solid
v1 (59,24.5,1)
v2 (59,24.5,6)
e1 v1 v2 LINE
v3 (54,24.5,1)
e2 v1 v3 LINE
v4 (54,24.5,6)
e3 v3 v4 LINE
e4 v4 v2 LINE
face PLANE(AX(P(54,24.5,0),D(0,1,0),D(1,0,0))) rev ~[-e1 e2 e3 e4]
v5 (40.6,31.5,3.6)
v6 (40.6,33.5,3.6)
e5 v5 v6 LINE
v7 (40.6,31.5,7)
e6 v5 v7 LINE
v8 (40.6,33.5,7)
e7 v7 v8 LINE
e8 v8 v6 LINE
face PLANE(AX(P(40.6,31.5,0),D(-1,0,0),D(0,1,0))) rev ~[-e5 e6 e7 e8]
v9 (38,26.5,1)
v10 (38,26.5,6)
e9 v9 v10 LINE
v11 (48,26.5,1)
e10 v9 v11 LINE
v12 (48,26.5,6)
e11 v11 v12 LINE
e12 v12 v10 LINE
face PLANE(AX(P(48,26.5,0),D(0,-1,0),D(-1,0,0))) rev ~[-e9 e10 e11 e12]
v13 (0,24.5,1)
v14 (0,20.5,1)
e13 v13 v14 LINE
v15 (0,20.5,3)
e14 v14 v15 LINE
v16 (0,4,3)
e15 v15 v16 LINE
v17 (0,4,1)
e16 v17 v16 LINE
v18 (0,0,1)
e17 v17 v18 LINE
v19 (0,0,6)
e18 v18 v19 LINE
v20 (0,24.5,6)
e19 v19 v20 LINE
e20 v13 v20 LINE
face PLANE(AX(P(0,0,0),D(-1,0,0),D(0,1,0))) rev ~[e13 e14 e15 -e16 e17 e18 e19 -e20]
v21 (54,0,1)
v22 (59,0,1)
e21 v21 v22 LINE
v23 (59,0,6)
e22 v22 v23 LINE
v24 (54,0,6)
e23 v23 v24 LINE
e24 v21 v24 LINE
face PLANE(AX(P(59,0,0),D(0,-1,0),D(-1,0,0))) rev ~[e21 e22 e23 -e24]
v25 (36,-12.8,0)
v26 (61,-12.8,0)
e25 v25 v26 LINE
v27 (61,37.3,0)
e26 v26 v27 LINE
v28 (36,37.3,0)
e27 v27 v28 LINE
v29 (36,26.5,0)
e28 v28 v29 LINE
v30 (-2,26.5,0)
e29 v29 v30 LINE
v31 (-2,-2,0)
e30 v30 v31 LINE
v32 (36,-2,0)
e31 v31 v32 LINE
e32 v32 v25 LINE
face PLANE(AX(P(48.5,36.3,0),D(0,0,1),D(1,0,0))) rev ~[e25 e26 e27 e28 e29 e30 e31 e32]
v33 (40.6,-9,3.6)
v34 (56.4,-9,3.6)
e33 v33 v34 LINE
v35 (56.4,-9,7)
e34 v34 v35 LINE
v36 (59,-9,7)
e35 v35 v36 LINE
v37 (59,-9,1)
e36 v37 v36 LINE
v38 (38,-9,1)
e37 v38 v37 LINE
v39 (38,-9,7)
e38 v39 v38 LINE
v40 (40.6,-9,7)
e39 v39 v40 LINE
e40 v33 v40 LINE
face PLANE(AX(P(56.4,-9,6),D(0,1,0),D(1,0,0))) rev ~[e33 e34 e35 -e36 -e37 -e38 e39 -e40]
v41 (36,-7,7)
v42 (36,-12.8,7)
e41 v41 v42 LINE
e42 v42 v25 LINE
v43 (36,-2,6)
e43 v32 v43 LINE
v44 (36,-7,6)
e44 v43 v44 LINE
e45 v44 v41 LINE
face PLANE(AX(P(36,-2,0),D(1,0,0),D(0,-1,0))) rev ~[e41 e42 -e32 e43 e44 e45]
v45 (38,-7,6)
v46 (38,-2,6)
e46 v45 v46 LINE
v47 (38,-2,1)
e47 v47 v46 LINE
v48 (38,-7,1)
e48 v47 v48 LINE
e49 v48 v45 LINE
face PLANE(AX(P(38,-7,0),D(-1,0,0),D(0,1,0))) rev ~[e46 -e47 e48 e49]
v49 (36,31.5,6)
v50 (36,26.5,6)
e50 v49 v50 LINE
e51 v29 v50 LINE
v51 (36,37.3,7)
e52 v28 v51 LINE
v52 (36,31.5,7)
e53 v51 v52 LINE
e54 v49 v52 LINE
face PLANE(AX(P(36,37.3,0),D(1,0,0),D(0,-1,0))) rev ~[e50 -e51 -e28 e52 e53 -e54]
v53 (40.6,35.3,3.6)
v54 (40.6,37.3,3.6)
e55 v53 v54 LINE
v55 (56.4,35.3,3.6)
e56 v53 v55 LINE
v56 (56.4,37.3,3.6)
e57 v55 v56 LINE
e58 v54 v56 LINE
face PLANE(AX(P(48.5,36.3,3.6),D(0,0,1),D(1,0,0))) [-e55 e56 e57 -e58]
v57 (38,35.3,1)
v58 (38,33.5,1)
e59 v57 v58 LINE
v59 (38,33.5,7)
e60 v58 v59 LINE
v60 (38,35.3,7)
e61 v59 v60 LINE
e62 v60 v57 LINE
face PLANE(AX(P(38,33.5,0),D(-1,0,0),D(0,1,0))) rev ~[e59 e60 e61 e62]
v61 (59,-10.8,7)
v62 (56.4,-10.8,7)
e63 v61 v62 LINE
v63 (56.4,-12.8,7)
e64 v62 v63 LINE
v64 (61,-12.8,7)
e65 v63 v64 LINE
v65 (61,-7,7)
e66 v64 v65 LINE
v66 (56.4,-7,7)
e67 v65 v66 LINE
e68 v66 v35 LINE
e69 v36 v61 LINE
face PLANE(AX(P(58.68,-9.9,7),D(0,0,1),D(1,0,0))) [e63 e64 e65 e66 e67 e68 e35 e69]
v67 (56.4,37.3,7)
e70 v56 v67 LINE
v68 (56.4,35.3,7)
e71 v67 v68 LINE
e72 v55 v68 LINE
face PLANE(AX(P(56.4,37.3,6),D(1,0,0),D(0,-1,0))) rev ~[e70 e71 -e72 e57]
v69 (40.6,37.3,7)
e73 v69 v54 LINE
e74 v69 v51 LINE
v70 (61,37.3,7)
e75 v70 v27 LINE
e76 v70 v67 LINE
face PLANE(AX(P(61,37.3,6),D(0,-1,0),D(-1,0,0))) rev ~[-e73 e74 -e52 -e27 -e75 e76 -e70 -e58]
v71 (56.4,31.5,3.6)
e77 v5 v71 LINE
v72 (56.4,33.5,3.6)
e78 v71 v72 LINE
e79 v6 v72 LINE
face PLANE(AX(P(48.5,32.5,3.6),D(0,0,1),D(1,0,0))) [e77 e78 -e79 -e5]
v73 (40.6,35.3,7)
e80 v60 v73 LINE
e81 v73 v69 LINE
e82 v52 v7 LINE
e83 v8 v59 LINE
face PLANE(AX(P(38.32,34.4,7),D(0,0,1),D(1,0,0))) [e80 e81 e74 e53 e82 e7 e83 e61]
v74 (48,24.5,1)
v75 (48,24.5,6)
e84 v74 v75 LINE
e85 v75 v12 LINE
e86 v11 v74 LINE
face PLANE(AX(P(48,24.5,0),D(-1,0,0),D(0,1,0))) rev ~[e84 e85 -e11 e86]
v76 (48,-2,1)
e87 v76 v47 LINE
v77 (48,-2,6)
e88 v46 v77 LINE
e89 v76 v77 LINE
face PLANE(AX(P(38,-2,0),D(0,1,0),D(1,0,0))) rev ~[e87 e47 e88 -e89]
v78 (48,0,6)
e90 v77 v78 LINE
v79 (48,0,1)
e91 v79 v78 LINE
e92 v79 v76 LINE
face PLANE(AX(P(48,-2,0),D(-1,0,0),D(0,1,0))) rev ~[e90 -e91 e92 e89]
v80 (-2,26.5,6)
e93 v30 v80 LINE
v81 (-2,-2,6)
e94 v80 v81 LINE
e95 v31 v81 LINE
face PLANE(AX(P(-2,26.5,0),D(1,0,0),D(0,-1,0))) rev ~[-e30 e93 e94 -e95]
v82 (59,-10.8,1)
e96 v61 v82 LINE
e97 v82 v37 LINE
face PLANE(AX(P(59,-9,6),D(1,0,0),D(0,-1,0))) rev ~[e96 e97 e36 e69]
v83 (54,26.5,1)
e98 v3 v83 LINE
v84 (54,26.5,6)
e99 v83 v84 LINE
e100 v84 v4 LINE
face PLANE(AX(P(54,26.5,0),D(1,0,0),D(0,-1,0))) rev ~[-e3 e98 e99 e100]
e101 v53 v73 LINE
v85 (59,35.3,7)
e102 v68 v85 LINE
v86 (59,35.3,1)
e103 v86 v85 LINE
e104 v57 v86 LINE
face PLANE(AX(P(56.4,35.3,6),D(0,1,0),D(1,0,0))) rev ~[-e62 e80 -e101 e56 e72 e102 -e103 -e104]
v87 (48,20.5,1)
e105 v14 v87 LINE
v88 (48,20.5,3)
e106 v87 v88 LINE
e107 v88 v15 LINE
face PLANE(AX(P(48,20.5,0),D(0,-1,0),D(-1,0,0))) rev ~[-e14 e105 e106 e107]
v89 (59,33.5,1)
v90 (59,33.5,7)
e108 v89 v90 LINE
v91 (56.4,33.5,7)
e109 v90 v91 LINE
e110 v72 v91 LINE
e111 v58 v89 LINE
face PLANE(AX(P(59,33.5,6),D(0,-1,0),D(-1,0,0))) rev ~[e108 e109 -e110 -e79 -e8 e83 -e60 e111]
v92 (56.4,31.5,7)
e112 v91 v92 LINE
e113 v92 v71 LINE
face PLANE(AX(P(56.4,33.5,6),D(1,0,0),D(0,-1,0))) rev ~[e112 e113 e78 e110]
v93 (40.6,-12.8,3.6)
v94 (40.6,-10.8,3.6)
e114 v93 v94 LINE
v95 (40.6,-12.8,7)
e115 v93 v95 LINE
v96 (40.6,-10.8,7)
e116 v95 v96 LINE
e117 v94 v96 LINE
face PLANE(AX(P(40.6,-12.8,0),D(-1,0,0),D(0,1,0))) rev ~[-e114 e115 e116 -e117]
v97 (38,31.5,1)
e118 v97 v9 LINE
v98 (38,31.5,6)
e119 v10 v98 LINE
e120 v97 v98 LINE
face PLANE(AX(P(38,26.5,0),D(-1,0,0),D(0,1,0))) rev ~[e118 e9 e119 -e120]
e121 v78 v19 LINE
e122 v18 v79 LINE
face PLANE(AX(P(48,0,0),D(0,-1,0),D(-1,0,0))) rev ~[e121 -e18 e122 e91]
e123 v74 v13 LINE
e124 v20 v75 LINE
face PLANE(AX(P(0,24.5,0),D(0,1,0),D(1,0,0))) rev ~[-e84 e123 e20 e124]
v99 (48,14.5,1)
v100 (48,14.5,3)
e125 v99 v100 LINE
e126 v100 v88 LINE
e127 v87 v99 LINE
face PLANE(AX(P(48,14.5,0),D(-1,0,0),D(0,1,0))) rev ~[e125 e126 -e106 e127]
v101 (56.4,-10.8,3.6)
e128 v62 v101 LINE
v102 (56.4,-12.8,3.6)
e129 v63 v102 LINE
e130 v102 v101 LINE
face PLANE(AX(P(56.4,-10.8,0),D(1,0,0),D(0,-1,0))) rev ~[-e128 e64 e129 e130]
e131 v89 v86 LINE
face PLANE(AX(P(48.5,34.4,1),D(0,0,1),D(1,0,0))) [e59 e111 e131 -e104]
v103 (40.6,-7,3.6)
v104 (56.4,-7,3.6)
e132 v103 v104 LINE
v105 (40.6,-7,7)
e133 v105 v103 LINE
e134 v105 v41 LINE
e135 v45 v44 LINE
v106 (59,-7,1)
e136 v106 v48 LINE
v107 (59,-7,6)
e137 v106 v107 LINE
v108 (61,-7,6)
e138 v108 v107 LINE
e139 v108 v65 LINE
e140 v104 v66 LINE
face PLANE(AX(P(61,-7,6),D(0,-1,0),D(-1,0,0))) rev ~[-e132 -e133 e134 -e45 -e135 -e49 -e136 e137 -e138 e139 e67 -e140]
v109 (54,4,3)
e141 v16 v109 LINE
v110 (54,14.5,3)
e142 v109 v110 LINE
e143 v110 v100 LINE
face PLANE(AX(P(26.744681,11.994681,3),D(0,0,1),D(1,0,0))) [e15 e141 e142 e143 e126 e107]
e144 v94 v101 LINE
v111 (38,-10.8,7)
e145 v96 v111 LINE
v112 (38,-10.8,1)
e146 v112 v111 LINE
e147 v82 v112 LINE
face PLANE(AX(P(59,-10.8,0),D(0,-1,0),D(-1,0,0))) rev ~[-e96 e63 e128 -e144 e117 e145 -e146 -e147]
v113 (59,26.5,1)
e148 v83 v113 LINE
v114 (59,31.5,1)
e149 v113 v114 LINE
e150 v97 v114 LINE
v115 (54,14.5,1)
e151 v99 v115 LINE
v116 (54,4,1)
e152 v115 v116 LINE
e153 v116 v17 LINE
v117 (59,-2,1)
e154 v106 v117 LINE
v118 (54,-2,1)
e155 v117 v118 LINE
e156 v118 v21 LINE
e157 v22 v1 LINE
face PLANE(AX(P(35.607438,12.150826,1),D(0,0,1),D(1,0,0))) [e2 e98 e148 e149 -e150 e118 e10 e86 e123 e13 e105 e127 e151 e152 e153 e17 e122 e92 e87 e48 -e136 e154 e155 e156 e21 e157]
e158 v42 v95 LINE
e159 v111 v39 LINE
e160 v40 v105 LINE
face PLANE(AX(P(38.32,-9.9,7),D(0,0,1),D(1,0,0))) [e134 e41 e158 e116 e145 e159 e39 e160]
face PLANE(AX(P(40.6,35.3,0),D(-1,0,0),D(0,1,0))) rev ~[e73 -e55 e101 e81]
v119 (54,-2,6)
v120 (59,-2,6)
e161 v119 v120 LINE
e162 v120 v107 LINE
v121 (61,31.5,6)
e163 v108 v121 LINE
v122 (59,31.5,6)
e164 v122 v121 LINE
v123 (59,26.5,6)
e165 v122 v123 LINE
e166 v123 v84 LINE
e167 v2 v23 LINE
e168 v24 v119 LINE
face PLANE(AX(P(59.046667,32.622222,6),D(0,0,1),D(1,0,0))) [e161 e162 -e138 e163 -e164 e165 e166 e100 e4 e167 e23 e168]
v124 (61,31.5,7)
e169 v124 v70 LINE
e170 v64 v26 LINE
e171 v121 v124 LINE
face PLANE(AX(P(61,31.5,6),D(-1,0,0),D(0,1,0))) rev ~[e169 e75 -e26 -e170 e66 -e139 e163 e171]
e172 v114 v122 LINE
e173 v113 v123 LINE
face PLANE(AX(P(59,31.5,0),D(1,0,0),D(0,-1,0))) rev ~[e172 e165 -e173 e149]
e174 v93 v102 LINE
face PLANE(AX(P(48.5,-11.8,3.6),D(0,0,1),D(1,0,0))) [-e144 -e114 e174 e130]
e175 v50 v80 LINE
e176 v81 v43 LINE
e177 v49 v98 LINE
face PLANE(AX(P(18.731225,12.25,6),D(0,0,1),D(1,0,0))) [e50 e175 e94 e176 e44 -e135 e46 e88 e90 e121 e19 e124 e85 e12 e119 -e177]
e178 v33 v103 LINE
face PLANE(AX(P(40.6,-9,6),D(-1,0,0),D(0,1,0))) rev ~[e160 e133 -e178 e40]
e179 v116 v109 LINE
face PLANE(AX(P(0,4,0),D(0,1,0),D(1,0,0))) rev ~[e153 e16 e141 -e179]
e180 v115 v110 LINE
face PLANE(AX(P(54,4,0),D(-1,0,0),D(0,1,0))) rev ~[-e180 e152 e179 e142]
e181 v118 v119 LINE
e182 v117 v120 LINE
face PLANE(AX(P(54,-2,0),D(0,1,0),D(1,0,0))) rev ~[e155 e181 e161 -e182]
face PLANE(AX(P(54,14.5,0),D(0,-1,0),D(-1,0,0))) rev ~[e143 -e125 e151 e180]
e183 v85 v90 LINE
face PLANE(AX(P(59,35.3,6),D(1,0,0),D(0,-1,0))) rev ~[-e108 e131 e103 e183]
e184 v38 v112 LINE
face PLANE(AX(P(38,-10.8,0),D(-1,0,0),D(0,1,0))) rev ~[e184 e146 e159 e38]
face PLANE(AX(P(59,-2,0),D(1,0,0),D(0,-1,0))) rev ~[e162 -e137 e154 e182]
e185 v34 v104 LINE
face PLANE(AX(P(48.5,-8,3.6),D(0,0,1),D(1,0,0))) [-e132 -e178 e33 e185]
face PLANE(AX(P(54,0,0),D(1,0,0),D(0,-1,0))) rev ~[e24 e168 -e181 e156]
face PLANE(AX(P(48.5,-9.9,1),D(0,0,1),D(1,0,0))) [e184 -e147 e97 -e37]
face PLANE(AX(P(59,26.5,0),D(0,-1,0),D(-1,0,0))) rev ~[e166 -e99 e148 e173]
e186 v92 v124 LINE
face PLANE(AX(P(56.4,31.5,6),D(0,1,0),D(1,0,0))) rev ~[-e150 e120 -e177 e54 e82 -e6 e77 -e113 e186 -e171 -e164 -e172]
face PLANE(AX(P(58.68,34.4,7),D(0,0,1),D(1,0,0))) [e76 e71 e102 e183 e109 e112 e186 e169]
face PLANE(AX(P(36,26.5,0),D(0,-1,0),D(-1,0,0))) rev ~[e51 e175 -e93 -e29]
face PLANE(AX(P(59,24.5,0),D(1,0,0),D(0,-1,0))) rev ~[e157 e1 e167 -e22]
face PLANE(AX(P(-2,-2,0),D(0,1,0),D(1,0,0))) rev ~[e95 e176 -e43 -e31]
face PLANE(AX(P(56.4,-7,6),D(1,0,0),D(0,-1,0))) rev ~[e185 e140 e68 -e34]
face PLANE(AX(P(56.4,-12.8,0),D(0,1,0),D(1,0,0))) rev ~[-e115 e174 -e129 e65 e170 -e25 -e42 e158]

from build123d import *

# Parameters (mm, degrees)
F1_DEPTH = 3
F2_DEPTH = 1
F3_DEPTH = 6
F0_W     = 15.8
F0_H     = 2
F4_DEPTH = 3.6
F7_DEPTH = 1


with BuildPart() as f1:
    # F0 (on Top) → F1 (new body)
    with BuildSketch(Plane.XY):
        Polygon((48, 20.5), (0, 20.5), (0, 4), (54, 4), (54, 14.5), (48, 14.5), align=None)
    extrude(amount=F1_DEPTH)

    # F0 (on Top) → F2 (join)
    with BuildSketch(Plane.XY):
        Polygon((0, 24.5), (0, 20.5), (48, 20.5), (48, 14.5), (54, 14.5), (54, 4), (0, 4), (0, 0), (48, 0), (48, -2), (38, -2), (38, -7), (40.6, -7), (56.4, -7), (59, -7), (59, -2), (54, -2), (54, 0), (59, 0), (59, 24.5), (54, 24.5), (54, 26.5), (59, 26.5), (59, 31.5), (56.4, 31.5), (40.6, 31.5), (38, 31.5), (38, 26.5), (48, 26.5), (48, 24.5), align=None)
        Polygon((38, 33.5), (40.6, 33.5), (56.4, 33.5), (59, 33.5), (59, 35.3), (56.4, 35.3), (40.6, 35.3), (38, 35.3), align=None)
        Polygon((56.4, -9), (40.6, -9), (38, -9), (38, -10.8), (40.6, -10.8), (56.4, -10.8), (59, -10.8), (59, -9), align=None)
    extrude(amount=F2_DEPTH)

    # F0 (on Top) → F3 (join)
    with BuildSketch(Plane.XY):
        Polygon((0, 4), (0, 20.5), (0, 24.5), (48, 24.5), (48, 26.5), (38, 26.5), (36, 26.5), (-2, 26.5), (-2, -2), (36, -2), (38, -2), (48, -2), (48, 0), (0, 0), align=None)
        Polygon((36, 26.5), (38, 26.5), (38, 31.5), (40.6, 31.5), (40.6, 33.5), (38, 33.5), (38, 35.3), (40.6, 35.3), (40.6, 37.3), (36, 37.3), align=None)
        Polygon((56.4, 33.5), (56.4, 31.5), (59, 31.5), (59, 26.5), (61, 26.5), (61, 37.3), (56.4, 37.3), (56.4, 35.3), (59, 35.3), (59, 33.5), align=None)
        Polygon((61, 26.5), (59, 26.5), (54, 26.5), (54, 24.5), (59, 24.5), (59, 0), (54, 0), (54, -2), (59, -2), (61, -2), align=None)
        Polygon((59, -7), (56.4, -7), (56.4, -9), (59, -9), (59, -10.8), (56.4, -10.8), (56.4, -12.8), (61, -12.8), (61, -2), (59, -2), align=None)
        Polygon((38, -7), (38, -2), (36, -2), (36, -12.8), (40.6, -12.8), (40.6, -10.8), (38, -10.8), (38, -9), (40.6, -9), (40.6, -7), align=None)
    extrude(amount=F3_DEPTH)

    # F0 (on Top) → F4 (join)
    with BuildSketch(Plane.XY):
        with Locations((48.5, 36.3)):
            Rectangle(F0_W, F0_H)
        with Locations((48.5, 32.5)):
            Rectangle(F0_W, F0_H)
        with Locations((48.5, -8)):
            Rectangle(F0_W, F0_H)
        with Locations((48.5, -11.8)):
            Rectangle(F0_W, F0_H)
    extrude(amount=F4_DEPTH)

    # F6 (on face) + F5 (on face) → F7 (join)
    with BuildSketch(Plane.XY.offset(6)):
        Polygon((61, 37.3), (56.4, 37.3), (56.4, 35.3), (59, 35.3), (59, 33.5), (56.4, 33.5), (56.4, 31.5), (61, 31.5), align=None)
        Polygon((61, -7), (56.4, -7), (56.4, -9), (59, -9), (59, -10.8), (56.4, -10.8), (56.4, -12.8), (61, -12.8), align=None)
    with BuildSketch(Plane.XY.offset(6)):
        Polygon((40.6, 37.3), (36, 37.3), (36, 31.5), (38, 31.5), (40.6, 31.5), (40.6, 33.5), (38, 33.5), (38, 35.3), (40.6, 35.3), align=None)
        Polygon((38, -7), (36, -7), (36, -12.8), (40.6, -12.8), (40.6, -10.8), (38, -10.8), (38, -9), (40.6, -9), (40.6, -7), align=None)
    extrude(amount=F7_DEPTH)


solid = f1.part
